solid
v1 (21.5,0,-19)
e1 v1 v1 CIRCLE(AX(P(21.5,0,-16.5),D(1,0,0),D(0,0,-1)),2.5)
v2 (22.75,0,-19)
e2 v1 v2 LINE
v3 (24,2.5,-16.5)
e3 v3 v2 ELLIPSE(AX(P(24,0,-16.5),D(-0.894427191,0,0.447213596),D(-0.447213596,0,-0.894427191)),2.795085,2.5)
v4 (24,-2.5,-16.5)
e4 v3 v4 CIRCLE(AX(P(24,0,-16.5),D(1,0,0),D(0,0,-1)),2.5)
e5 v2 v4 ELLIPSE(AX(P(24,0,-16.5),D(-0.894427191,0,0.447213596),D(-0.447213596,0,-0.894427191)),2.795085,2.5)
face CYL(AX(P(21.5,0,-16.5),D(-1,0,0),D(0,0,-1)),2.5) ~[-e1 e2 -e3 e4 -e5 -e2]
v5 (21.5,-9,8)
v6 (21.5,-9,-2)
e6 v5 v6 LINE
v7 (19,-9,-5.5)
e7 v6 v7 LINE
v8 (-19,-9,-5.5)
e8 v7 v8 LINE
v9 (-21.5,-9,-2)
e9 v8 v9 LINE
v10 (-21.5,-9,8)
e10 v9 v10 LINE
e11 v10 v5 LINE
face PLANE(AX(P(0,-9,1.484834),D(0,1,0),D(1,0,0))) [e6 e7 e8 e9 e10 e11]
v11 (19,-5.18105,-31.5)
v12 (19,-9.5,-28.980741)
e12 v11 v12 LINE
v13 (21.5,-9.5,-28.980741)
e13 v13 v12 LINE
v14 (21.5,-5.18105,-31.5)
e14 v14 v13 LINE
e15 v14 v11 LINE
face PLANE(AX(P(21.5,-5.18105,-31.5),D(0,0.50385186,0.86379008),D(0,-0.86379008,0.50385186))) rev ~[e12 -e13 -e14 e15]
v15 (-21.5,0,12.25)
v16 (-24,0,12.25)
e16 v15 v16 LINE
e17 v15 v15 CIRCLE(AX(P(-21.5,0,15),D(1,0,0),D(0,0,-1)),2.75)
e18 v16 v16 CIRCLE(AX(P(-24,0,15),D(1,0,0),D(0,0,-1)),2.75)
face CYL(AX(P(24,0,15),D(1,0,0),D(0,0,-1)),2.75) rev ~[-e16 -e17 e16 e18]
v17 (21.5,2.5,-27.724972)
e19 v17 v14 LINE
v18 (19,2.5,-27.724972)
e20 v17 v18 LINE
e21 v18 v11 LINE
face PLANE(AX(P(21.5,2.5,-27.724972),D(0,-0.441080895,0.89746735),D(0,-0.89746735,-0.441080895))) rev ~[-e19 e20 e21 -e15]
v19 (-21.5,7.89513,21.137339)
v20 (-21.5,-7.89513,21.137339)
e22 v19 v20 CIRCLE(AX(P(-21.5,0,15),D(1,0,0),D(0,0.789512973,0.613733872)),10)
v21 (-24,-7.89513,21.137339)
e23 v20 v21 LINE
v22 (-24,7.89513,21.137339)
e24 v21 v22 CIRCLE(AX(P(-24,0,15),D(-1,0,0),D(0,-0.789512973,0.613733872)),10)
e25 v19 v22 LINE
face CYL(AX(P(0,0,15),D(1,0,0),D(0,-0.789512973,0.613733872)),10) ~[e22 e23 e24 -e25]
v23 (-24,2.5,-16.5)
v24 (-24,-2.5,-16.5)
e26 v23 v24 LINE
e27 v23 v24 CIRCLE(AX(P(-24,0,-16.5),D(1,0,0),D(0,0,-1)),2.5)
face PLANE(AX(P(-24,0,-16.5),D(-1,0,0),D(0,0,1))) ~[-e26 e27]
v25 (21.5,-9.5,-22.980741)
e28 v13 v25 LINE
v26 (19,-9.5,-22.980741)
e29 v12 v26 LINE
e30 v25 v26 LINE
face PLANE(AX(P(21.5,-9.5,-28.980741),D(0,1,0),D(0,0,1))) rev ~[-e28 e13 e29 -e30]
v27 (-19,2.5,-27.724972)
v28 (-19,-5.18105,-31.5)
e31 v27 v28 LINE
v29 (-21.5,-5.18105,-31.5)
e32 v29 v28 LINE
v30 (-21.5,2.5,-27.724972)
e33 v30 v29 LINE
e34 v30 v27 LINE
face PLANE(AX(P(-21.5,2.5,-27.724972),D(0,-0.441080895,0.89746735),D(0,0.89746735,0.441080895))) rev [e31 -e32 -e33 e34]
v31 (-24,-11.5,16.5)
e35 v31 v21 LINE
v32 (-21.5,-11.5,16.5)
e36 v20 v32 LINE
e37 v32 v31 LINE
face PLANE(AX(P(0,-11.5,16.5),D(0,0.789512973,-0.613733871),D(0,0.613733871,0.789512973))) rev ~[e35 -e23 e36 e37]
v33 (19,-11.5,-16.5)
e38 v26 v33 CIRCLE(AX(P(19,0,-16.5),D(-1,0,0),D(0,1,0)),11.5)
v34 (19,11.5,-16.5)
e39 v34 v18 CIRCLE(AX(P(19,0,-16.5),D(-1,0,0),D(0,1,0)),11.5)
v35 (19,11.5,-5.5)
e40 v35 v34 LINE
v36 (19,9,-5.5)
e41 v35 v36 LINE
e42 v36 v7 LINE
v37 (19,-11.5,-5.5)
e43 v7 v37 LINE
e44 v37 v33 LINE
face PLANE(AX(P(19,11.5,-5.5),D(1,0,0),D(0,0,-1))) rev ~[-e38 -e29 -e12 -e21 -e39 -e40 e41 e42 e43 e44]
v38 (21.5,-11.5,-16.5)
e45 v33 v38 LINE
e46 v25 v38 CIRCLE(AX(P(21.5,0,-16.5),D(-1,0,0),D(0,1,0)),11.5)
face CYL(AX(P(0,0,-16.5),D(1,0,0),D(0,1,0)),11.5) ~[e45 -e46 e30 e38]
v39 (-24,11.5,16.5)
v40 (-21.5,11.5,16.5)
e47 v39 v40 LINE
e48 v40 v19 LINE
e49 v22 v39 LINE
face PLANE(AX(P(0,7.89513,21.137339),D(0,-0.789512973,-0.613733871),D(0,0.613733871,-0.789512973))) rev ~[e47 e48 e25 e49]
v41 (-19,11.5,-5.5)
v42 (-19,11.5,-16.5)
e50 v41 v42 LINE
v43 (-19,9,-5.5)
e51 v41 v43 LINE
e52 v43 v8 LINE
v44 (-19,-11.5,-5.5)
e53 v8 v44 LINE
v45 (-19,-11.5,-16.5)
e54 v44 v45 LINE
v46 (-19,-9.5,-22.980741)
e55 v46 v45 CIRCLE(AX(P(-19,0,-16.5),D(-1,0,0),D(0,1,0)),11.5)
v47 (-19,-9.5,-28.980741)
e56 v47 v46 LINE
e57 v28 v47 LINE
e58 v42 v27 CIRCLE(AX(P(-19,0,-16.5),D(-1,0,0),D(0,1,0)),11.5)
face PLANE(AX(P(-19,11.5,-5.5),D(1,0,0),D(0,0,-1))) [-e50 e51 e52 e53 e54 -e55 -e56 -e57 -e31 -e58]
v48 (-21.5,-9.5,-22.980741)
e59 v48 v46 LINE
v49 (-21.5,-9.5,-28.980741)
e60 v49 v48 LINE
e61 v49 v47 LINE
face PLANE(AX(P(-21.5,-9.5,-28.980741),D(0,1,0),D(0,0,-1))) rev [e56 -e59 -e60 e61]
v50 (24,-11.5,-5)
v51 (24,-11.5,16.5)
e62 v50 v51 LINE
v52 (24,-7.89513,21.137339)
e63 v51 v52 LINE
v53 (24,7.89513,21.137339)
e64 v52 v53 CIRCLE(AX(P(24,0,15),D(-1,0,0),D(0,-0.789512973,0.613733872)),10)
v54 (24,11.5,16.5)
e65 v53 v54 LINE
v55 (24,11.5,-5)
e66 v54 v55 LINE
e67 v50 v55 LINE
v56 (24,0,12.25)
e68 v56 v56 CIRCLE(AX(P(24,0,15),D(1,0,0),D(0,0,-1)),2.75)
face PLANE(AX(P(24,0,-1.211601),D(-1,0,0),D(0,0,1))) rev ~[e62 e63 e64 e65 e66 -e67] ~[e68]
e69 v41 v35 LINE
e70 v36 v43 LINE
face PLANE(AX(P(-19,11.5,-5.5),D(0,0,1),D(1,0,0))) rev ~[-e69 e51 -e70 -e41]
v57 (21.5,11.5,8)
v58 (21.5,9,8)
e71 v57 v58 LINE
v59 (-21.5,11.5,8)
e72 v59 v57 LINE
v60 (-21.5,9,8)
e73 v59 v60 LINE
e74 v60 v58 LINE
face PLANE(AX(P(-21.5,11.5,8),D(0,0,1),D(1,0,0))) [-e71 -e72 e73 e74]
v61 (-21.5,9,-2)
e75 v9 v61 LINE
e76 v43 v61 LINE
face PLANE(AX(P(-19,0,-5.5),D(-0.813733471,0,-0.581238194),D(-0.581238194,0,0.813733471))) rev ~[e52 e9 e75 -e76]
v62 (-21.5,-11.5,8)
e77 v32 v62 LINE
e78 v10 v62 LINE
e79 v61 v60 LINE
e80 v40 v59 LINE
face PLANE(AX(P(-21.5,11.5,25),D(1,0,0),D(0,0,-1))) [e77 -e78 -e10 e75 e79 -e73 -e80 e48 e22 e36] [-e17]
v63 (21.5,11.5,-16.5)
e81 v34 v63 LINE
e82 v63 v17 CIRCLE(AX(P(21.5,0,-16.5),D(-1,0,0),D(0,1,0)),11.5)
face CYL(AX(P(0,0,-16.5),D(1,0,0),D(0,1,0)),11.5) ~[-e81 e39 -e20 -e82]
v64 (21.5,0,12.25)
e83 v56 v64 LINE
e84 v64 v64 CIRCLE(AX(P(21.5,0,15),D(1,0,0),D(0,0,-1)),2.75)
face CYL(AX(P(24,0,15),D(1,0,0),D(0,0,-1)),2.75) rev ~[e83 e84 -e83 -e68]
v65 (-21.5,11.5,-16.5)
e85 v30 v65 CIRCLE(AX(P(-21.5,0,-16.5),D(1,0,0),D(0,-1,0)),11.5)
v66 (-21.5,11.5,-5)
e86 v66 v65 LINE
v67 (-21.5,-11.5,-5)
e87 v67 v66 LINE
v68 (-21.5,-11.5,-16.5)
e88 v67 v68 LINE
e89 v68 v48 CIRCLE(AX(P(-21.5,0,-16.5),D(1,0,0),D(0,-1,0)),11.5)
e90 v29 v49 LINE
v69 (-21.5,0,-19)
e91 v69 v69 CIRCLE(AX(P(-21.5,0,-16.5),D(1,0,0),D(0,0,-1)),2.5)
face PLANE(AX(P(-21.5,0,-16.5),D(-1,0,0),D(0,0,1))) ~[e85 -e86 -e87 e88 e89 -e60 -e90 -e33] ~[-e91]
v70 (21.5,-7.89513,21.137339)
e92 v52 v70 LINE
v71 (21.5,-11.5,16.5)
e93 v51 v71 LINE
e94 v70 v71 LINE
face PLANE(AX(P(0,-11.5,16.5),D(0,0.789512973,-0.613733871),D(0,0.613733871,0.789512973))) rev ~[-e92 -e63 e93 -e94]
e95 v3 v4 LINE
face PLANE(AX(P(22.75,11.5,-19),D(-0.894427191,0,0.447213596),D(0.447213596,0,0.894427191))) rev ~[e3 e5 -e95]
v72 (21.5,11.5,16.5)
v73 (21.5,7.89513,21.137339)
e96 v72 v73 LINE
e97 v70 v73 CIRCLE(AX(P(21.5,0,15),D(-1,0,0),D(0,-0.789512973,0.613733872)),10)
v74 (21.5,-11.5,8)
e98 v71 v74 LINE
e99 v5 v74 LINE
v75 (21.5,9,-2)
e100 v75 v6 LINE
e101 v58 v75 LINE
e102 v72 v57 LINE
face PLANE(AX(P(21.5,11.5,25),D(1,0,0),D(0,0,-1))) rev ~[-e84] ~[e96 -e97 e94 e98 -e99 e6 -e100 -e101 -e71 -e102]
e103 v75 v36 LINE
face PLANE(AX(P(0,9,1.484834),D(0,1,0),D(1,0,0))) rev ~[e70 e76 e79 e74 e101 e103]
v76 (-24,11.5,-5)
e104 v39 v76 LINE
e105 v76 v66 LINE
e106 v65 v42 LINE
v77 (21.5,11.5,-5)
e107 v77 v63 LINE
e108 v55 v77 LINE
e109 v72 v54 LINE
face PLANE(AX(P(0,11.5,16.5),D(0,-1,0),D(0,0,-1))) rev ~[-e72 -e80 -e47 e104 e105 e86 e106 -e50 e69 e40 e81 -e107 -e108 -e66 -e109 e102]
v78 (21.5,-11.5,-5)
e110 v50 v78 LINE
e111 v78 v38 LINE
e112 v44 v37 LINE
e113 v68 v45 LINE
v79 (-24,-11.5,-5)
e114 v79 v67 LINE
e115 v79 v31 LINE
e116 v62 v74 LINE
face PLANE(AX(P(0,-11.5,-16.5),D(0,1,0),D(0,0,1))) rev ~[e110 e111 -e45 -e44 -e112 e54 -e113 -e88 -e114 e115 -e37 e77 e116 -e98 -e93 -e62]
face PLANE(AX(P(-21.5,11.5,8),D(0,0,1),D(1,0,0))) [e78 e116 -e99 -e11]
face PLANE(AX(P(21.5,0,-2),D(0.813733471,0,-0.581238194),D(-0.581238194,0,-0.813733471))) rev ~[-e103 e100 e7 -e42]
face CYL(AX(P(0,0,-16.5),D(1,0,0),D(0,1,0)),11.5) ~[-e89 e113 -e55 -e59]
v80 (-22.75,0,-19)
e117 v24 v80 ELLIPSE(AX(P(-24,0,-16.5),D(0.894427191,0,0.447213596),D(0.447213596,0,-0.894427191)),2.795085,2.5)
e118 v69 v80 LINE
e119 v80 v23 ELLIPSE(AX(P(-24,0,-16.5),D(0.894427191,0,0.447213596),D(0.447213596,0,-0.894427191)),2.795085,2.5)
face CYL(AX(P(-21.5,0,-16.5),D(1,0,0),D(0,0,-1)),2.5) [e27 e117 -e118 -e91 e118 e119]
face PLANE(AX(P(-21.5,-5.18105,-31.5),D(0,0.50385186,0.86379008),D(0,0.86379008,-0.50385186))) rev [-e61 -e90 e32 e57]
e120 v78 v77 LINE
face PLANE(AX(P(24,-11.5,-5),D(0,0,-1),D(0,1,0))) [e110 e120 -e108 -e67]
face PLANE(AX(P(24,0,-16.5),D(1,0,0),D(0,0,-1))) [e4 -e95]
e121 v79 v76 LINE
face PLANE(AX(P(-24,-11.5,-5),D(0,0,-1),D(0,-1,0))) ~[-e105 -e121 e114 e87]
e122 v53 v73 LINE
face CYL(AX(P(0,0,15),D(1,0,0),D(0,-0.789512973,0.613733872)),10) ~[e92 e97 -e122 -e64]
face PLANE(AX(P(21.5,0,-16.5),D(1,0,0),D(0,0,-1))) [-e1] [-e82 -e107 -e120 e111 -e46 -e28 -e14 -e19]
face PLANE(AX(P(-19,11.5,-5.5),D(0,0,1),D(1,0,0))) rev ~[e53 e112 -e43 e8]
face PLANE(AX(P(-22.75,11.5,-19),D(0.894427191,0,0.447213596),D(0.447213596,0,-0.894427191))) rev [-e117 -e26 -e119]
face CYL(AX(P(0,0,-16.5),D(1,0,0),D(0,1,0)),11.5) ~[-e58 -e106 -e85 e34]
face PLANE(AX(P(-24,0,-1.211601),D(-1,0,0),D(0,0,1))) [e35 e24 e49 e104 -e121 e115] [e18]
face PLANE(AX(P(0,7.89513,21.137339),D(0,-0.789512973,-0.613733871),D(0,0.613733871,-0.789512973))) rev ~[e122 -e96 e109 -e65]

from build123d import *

# Parameters (mm, degrees)
BOSS_EXTRUDE1_DEPTH = 24
SKETCH2_W           = 23
SKETCH2_H           = 23
CUT_EXTRUDE1_DEPTH  = 2.5
SKETCH4_W           = 43
SKETCH4_H           = 17
CUT_EXTRUDE2_DEPTH  = 44.462627624
SKETCH5_W           = 38
SKETCH5_H           = 22.5
CUT_EXTRUDE3_DEPTH  = 44.462627624
CUT_EXTRUDE4_DEPTH  = 9
SKETCH7_R           = 2.75
CUT_EXTRUDE5_DEPTH  = 57.747246629
SKETCH8_R           = 2.5
BOSS_EXTRUDE2_DEPTH = 2.5
CUT_EXTRUDE6_DEPTH  = 44.462627624
BOSS_EXTRUDE4_DEPTH = 2.5


with BuildPart() as part:
    # Sketch1 → Boss-Extrude1 (new, symmetric)
    with BuildSketch(Plane(origin=(0, 0, 0), x_dir=(0, 0, -1), z_dir=(1, 0, 0))):
        with BuildLine():
            Line((16.5, -11.5), (-16.5, -11.5))
            Line((-16.5, -11.5), (-21.137338715, -7.895129733))
            ThreePointArc((-21.137338715, -7.895129733), (-25, 0), (-21.137338715, 7.895129733))
            Line((-21.137338715, 7.895129733), (-16.5, 11.5))
            Line((-16.5, 11.5), (16.5, 11.5))
            ThreePointArc((16.5, 11.5), (28, 0), (16.5, -11.5))
        make_face()
    extrude(amount=BOSS_EXTRUDE1_DEPTH, both=True)

    # Sketch2 → Cut-Extrude1 (cut)
    with BuildSketch(Plane(origin=(24, 0, 0), x_dir=(0, 0, -1), z_dir=(1, 0, 0))):
        with Locations((16.5, 0)):
            Rectangle(SKETCH2_W, SKETCH2_H)
    cut_extrude1 = extrude(amount=-CUT_EXTRUDE1_DEPTH, mode=Mode.SUBTRACT)

    # Mirror1: Cut-Extrude1 across plane
    add(cut_extrude1.mirror(Plane(origin=(0, 0, 0), x_dir=(0, 0, 1), z_dir=(1, 0, 0))), mode=Mode.SUBTRACT)

    # Sketch4 → Cut-Extrude2 (cut, through all)
    with BuildSketch(Plane(origin=(0, 11.5, 0), x_dir=(1, 0, 0), z_dir=(0, 1, 0))):
        with Locations((0, -16.5)):
            Rectangle(SKETCH4_W, SKETCH4_H)
    extrude(amount=-CUT_EXTRUDE2_DEPTH, mode=Mode.SUBTRACT)

    # Sketch5 → Cut-Extrude3 (cut, through all)
    with BuildSketch(Plane(origin=(0, 11.5, 0), x_dir=(1, 0, 0), z_dir=(0, 1, 0))):
        with Locations((0, 16.75)):
            Rectangle(SKETCH5_W, SKETCH5_H)
    extrude(amount=-CUT_EXTRUDE3_DEPTH, mode=Mode.SUBTRACT)

    # Sketch6 → Cut-Extrude4 (cut, symmetric)
    with BuildSketch(Plane(origin=(0, 0, 0), x_dir=(1, 0, 0), z_dir=(0, 1, 0))):
        Polygon((-19, 5.5), (-21.5, 2), (-21.5, -8), (21.5, -8), (21.5, 2), (19, 5.5), align=None)
    extrude(amount=CUT_EXTRUDE4_DEPTH, both=True, mode=Mode.SUBTRACT)

    # Sketch7 → Cut-Extrude5 (cut, through all)
    with BuildSketch(Plane(origin=(24, 0, 0), x_dir=(0, 0, -1), z_dir=(1, 0, 0))):
        with Locations((-15, 0)):
            Circle(SKETCH7_R)
    extrude(amount=-CUT_EXTRUDE5_DEPTH, mode=Mode.SUBTRACT)

    # Sketch8 → Boss-Extrude2 (add, through all)
    with BuildSketch(Plane(origin=(21.5, 0, 0), x_dir=(0, 0, -1), z_dir=(1, 0, 0))):
        with Locations((16.5, 0)):
            Circle(SKETCH8_R)
    boss_extrude2 = extrude(amount=BOSS_EXTRUDE2_DEPTH)

    # Sketch9 → Cut-Extrude6 (cut, through all)
    with BuildSketch(Plane(origin=(0, 11.5, 0), x_dir=(1, 0, 0), z_dir=(0, 1, 0))):
        Polygon((22.75, 19), (24, 16.5), (24, 19), align=None)
    cut_extrude6 = extrude(amount=-CUT_EXTRUDE6_DEPTH, mode=Mode.SUBTRACT)

    # Sketch10 → Boss-Extrude4 (add)
    with BuildSketch(Plane(origin=(21.5, 0, 0), x_dir=(0, 0, -1), z_dir=(1, 0, 0))):
        with BuildLine():
            Line((27.72497216, 2.5), (31.5, -5.181049598))
            Line((31.5, -5.181049598), (28.980740698, -9.5))
            Line((28.980740698, -9.5), (22.980740698, -9.5))
            ThreePointArc((22.980740698, -9.5), (27.194534443, -4.228112231), (27.72497216, 2.5))
        make_face()
    boss_extrude4 = extrude(amount=-BOSS_EXTRUDE4_DEPTH)

    # Mirror2: Boss-Extrude2, Cut-Extrude6, Boss-Extrude4 across plane
    add(boss_extrude2.mirror(Plane(origin=(0, 0, 0), x_dir=(0, 0, 1), z_dir=(1, 0, 0))))
    add(cut_extrude6.mirror(Plane(origin=(0, 0, 0), x_dir=(0, 0, 1), z_dir=(1, 0, 0))), mode=Mode.SUBTRACT)
    add(boss_extrude4.mirror(Plane(origin=(0, 0, 0), x_dir=(0, 0, 1), z_dir=(1, 0, 0))))


solid = part.part
